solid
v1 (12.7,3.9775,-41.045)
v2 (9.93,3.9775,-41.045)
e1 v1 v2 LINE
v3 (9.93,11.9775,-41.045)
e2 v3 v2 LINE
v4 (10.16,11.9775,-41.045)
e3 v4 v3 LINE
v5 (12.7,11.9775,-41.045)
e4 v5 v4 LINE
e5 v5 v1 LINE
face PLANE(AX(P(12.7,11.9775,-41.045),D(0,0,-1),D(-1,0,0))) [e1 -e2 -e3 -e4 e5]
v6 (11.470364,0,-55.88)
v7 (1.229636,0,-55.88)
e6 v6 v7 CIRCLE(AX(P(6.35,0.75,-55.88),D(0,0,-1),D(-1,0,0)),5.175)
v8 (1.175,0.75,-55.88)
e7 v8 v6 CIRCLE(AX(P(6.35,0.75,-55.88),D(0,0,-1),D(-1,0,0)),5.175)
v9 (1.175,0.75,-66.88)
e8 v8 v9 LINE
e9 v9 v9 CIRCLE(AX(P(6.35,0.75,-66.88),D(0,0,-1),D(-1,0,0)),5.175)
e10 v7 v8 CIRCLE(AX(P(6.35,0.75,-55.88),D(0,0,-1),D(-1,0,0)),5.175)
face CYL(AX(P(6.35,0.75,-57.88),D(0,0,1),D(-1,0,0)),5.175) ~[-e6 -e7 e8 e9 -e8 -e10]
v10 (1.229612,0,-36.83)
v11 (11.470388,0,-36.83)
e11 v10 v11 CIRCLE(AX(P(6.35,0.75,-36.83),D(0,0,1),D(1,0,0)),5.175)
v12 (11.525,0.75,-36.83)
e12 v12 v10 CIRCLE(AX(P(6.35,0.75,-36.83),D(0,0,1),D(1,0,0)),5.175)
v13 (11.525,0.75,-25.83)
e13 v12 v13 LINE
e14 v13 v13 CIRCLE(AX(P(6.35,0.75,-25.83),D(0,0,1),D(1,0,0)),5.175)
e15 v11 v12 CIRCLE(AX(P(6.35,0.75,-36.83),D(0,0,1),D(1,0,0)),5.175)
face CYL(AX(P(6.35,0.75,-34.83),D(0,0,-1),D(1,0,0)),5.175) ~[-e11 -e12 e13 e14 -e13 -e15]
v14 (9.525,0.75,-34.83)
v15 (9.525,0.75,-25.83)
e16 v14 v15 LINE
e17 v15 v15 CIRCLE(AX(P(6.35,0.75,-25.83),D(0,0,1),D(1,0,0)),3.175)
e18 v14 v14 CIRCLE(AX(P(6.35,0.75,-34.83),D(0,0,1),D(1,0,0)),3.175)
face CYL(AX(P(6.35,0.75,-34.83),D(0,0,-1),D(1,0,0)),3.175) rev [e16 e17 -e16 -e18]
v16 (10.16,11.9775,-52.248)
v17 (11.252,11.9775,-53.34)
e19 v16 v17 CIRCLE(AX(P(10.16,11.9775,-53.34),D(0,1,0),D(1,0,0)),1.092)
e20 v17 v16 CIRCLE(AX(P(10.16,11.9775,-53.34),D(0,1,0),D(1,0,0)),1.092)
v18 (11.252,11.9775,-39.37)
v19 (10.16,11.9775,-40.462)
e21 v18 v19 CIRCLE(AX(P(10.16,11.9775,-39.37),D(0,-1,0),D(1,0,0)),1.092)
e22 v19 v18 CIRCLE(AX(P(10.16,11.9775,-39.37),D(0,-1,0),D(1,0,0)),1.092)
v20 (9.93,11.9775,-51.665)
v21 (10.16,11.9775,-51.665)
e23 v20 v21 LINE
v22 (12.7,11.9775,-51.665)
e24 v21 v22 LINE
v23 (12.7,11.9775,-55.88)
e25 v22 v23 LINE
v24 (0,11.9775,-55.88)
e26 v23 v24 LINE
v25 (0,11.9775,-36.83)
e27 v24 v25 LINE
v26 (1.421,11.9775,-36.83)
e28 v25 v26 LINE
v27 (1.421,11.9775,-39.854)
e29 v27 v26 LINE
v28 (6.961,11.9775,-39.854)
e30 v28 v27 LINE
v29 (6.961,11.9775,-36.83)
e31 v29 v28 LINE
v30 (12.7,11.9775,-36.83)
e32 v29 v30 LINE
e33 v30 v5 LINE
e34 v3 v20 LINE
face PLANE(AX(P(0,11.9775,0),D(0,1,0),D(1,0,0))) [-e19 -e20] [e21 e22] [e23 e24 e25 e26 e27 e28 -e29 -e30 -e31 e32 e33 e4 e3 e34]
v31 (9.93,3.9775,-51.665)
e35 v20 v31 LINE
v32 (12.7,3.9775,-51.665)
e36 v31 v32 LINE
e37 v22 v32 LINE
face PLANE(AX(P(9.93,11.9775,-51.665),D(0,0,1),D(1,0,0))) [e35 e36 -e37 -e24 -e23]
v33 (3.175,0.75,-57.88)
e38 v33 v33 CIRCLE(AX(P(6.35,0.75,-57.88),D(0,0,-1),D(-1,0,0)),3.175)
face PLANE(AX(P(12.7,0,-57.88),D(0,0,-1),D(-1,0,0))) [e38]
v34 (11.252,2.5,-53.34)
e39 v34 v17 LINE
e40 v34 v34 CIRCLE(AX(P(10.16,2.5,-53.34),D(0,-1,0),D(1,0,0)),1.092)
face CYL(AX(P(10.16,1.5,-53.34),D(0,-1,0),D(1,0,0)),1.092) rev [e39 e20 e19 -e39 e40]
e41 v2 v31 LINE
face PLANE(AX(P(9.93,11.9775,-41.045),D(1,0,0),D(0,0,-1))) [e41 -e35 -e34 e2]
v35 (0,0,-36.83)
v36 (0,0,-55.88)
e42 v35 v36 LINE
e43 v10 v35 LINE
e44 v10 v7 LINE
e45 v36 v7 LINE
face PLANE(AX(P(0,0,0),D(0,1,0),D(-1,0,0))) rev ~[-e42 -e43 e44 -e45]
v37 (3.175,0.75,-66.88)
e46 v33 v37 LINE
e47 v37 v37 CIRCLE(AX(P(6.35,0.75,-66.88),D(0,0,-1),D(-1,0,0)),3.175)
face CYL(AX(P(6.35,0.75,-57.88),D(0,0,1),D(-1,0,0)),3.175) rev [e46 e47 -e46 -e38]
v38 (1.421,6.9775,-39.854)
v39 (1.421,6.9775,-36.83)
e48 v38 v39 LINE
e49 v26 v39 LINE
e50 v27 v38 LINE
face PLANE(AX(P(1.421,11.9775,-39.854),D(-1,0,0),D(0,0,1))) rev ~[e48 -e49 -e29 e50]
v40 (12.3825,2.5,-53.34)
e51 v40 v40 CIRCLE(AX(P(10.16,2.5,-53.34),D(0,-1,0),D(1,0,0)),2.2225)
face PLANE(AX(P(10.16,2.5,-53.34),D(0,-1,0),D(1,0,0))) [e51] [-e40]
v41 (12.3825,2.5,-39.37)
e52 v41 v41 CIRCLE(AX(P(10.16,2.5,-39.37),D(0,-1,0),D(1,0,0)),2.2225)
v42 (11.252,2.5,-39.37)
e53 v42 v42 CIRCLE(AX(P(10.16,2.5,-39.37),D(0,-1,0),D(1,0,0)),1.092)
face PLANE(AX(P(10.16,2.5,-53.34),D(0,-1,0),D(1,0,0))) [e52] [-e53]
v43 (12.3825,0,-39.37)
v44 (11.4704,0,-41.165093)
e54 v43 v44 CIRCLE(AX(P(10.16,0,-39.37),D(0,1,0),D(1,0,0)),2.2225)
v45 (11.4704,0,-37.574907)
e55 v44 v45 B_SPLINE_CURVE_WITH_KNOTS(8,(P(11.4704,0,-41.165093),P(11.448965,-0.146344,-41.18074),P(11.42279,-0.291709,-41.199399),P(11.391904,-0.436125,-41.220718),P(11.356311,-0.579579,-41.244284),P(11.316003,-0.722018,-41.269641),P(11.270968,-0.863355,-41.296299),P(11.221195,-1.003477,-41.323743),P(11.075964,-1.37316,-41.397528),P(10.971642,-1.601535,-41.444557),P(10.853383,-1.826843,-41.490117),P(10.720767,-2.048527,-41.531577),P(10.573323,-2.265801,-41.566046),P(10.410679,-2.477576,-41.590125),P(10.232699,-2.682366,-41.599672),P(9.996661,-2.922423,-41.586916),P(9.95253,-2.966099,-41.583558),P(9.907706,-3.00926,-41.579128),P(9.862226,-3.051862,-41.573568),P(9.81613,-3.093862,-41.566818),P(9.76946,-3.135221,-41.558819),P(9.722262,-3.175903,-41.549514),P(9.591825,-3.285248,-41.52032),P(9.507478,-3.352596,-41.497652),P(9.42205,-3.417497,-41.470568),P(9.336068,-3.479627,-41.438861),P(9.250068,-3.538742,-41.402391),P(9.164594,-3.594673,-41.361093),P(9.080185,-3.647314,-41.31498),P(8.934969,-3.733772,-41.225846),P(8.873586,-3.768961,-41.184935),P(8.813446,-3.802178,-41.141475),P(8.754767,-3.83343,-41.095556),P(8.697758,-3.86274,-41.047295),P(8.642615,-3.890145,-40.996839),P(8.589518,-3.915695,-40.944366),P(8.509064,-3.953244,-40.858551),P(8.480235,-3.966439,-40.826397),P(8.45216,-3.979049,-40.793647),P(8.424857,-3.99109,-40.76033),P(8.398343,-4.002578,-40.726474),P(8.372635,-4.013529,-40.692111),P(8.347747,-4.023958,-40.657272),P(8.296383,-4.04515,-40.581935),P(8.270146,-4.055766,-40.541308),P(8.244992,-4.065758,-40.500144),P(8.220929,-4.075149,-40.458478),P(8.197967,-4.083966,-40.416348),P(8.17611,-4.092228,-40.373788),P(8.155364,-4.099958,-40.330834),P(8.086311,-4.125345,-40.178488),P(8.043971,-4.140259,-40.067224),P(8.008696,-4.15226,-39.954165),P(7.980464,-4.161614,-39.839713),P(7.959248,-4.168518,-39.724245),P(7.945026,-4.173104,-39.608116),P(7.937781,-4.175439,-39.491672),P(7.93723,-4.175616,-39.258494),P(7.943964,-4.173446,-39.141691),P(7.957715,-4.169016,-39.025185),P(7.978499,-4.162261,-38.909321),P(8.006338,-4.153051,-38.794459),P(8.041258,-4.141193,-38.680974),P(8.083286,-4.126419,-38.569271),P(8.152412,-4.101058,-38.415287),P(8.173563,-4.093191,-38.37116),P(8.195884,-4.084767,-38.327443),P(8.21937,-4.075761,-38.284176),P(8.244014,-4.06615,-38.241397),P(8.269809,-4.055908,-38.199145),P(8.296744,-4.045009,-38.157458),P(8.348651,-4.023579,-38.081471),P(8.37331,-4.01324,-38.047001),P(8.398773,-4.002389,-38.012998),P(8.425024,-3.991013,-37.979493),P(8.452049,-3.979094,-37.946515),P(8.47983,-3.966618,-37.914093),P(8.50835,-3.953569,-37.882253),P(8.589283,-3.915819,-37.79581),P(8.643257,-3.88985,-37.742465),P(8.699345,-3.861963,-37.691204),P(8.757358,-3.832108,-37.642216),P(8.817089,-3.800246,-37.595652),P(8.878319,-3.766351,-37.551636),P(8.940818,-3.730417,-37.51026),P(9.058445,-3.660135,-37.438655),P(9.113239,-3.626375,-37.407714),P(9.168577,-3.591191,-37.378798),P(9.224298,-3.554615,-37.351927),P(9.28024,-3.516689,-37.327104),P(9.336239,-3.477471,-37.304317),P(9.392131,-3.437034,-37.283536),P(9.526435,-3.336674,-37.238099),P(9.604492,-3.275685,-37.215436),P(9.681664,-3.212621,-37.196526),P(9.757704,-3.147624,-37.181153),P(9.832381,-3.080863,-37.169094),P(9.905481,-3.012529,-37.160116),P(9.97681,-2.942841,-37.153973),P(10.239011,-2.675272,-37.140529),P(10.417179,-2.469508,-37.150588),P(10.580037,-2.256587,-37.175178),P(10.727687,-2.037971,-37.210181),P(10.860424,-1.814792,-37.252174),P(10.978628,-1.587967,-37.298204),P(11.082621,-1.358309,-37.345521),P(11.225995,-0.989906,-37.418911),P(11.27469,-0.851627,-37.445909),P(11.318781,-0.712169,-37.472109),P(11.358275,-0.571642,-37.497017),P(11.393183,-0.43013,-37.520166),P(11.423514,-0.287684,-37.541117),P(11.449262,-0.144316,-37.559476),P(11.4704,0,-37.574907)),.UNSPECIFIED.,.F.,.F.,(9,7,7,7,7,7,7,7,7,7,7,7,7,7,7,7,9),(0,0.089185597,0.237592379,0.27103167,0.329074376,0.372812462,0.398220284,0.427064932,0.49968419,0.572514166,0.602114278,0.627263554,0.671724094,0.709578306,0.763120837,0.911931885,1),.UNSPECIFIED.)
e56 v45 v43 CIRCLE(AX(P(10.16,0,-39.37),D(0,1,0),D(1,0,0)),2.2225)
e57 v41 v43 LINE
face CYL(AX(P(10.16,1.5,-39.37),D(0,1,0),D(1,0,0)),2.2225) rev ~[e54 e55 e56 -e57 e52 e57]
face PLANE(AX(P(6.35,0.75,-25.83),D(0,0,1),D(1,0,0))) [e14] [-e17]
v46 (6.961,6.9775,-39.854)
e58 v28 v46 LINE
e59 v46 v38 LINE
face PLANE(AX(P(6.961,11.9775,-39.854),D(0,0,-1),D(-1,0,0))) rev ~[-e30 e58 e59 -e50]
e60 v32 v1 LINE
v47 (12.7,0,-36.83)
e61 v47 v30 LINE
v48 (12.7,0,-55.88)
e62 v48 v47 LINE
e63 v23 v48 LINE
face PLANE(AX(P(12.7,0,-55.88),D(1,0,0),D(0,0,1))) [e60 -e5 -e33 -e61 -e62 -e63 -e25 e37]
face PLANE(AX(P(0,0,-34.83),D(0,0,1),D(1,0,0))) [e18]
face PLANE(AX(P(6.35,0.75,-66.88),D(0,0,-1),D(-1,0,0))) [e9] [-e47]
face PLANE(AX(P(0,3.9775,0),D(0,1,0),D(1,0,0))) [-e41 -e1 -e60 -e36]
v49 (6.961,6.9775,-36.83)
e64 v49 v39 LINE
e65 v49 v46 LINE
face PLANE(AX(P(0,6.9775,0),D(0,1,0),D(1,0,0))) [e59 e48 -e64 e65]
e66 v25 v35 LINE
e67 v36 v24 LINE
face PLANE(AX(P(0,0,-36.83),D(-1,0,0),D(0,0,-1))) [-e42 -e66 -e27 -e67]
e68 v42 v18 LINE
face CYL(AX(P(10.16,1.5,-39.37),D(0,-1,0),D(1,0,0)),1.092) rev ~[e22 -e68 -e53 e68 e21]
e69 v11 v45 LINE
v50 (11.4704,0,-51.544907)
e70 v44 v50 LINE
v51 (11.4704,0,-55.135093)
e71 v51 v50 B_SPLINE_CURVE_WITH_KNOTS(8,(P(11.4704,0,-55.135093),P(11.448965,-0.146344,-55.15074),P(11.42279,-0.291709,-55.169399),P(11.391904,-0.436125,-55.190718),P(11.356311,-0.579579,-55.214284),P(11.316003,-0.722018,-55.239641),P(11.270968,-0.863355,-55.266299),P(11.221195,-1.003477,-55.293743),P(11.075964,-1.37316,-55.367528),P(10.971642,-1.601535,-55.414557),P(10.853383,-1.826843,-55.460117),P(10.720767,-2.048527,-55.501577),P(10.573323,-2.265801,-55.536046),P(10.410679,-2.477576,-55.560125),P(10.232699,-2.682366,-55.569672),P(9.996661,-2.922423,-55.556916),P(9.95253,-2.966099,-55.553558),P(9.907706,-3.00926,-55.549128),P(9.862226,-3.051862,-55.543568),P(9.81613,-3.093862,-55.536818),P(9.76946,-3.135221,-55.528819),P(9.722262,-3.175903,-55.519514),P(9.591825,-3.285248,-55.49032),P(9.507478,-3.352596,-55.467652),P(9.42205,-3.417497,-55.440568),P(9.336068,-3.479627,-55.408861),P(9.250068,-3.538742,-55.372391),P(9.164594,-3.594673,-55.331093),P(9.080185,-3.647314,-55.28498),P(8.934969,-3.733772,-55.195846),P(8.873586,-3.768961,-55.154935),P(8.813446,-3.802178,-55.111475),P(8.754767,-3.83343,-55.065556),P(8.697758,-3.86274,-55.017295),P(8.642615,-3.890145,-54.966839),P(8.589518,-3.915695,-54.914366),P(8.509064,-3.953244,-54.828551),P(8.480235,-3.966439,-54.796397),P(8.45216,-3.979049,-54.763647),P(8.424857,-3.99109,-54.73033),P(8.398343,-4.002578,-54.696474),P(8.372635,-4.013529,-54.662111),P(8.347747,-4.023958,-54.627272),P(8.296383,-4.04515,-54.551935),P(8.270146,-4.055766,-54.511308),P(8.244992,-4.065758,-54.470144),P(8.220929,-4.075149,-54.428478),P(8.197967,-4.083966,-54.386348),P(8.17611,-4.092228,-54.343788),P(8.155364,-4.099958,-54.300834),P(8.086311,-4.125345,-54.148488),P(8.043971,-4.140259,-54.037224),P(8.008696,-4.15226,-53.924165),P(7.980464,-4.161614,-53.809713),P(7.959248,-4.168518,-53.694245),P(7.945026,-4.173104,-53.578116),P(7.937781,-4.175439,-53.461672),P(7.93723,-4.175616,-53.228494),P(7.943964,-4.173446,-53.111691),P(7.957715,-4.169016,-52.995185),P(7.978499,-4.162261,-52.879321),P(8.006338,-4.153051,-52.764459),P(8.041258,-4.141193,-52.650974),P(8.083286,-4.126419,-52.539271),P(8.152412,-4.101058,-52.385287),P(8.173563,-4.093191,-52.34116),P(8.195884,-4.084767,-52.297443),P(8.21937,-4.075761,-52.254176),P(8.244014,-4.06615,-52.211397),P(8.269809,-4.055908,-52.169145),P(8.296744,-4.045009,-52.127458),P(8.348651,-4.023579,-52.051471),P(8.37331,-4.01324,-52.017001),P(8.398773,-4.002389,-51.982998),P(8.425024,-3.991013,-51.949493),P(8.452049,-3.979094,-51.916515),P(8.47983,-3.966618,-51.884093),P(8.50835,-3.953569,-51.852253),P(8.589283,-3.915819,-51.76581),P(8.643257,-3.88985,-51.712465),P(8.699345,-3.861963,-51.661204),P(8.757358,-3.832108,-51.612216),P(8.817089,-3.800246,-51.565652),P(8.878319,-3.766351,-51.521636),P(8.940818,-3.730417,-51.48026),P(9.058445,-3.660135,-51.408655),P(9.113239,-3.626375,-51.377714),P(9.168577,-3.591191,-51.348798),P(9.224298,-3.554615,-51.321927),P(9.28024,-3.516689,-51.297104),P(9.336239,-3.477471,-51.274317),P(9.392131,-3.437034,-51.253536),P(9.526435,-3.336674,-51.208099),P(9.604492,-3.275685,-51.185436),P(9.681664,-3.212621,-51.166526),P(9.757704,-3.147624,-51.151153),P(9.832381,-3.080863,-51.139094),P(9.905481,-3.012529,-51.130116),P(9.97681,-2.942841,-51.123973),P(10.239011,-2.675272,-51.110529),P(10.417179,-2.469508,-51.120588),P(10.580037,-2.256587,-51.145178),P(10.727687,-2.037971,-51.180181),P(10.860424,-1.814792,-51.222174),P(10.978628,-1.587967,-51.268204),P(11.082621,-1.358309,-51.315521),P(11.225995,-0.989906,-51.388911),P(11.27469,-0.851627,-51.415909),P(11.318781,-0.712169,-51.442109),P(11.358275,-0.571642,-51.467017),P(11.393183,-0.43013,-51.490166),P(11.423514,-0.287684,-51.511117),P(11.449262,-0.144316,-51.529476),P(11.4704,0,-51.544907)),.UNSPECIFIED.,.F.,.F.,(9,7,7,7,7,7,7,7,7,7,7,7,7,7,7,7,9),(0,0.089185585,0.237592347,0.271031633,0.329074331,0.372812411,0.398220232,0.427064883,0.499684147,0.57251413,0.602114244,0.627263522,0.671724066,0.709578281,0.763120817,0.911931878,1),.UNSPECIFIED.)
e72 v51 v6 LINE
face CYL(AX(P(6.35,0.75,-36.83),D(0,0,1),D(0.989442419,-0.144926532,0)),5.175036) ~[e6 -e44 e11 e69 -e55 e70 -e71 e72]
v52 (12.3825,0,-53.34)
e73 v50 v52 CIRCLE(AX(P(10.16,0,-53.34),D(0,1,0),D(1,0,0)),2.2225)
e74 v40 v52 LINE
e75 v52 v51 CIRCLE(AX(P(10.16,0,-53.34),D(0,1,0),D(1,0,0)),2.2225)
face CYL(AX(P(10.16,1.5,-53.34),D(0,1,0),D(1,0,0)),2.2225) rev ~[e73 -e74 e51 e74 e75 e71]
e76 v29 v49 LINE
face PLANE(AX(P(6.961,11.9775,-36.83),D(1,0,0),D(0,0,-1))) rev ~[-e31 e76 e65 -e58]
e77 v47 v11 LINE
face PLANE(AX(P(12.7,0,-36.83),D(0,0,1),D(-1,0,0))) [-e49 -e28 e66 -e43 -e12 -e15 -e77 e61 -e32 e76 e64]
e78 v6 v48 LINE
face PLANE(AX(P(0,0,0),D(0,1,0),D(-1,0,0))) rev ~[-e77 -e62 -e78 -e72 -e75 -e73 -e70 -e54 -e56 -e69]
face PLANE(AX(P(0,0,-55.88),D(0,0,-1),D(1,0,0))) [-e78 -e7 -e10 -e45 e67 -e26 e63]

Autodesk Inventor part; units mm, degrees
ref_plane "YZ Plane" through (0, 0, 0) normal (1, 0, 0) x (0, 1, 0)
ref_plane "XZ Plane" through (0, 0, 0) normal (0, 1, 0) x (-1, 0, 0)
ref_plane "XY Plane" through (0, 0, 0) normal (0, 0, 1) x (1, 0, 0)
sketch "Sketch1" plane through (0, 0, 0) normal (0, 1, 0) x (-1, 0, 0)
  line L0 (0, -55.88) -> (-12.7, -55.88)
  line L1 (-12.7, -36.83) -> (0, -36.83)
  line L2 (0, -36.83) -> (0, -55.88)
  line L3 (-12.7, -55.88) -> (-12.7, -36.83)
  dimension "d1" = 19.05
  dimension "d2" = 12.7
extrude "Extrusion1" add sketch "Sketch1" along normal blind 1.5
sketch "Sketch2" plane through (0, 1.5, 0) normal (0, 1, 0) x (1, 0, 0)
  line L0 (12.7, 36.83) -> (12.7, 55.88) projected
  line L1 (12.7, 0) -> (10.16, 0)
  circle A0 centre (10.16, 39.37) radius 1.092
  circle A1 centre (10.16, 53.34) radius 1.092
  line L2 (10.16, 53.34) -> (10.16, 39.37)
  point P0 (0, 0)
  dimension "d8" = 2.184
  dimension "d10" = 2.184
  dimension "d71" = 13.97
extrude "Extrusion2" cut sketch "Sketch2" against normal blind 1.5
sketch "Sketch5" plane through (0, 0, -36.83) normal (0, 0, 1) x (1, 0, 0)
  line L0 (12.7, 0) -> (0, 0) projected
  line L1 (6.35, 0) -> (6.35, 1.5)
  line L2 (12.7, 1.5) -> (0, 1.5) projected
  line L3 (0, 0) -> (0, 1.5) projected
  line L4 (0, 0.75) -> (12.7, 0.75)
  line L5 (12.7, 0) -> (12.7, 1.5) projected
  circle A0 centre (6.35, 0.75) radius 5.175
  dimension "d30" = 10.35
extrude "Extrusion5" add sketch "Sketch5" along normal blind 2 contours A0 L0 | L0 L1 L4 A0 | L0 A0 L4 L1 | L4 L1 L2 A0 | L4 A0 L2 L1 | L2 A0
sketch "Sketch6" plane through (6.35, 0.75, -34.83) normal (0, 0, 1) x (1, 0, 0)
  circle A0 centre (0, 0) radius 5.175
  circle A1 centre (0, 0) radius 3.175
  point P0 (-6.35, -0.75)
  dimension "d35" = 6.35
extrude "Extrusion6" add sketch "Sketch6" along normal blind 9
sketch "Sketch7" plane through (12.7, 0, -55.88) normal (0, 0, -1) x (-1, 0, 0)
  line L0 (0, 0) -> (0, 1.5) projected
  line L1 (0, 0.75) -> (12.7, 0.75)
  line L2 (12.7, 0) -> (12.7, 1.5) projected
  line L3 (11.4704, 1.5) -> (1.2296, 1.5) projected
  line L4 (6.35, 1.5) -> (6.35, 0)
  circle A0 centre (6.35, 0.75) radius 5.175
extrude "Extrusion7" add sketch "Sketch7" along normal blind 2
sketch "Sketch8" plane through (6.35, 0.75, -57.88) normal (0, 0, -1) x (-1, 0, 0)
  circle A0 centre (0, 0) radius 5.175
  circle A1 centre (0, 0) radius 3.175
  point P0 (6.35, -0.75)
  dimension "d40" = 6.35
extrude "Extrusion8" add sketch "Sketch8" along normal blind 9
thread "Thread1" size "1/4-20 UNC" class "2B" standard "ANSI Unified Screw Threads" full length
thread "Thread2" size "1/4-20 UNC" class "2B" standard "ANSI Unified Screw Threads" full length
sketch "Sketch9" plane through (0, 0, -36.83) normal (0, 0, -1) x (-1, 0, 0)
  arc A0 (-11.4704, 0) -> (-1.2296, 0) centre (-6.35, 0.75) ccw projected
  line L0 (0, 0) -> (-1.2296, 0) projected
  line L1 (-11.4704, 0) -> (-1.2296, 0)
  circle A1 centre (-6.35, 0.75) radius 5.175
extrude "Extrusion9" add sketch "Sketch9" along normal up to next contours L1 A0
sketch "Sketch10" plane through (10.16, 0, -39.37) normal (0, 1, 0) x (1, 0, 0)
  circle A0 centre (0, 0) radius 1.092
  circle A1 centre (0, 13.97) radius 1.092 projected
  circle A2 centre (0, 13.97) radius 1.092
  point P0 (-10.16, -39.37)
  dimension "d60" = 2.184
extrude "Extrusion10" cut sketch "Sketch10" against normal up to next
sketch "Sketch12" plane through (0, 1.5, 0) normal (0, 1, 0) x (1, 0, 0)
  circle A0 centre (10.16, 39.37) radius 1.092 projected
  circle A1 centre (10.16, 39.37) radius 1.092
  circle A2 centre (10.16, 39.37) radius 2.2225
  circle A3 centre (10.16, 53.34) radius 1.092 projected
  circle A4 centre (10.16, 53.34) radius 1.092
  circle A5 centre (10.16, 53.34) radius 2.2225
  point P0 (0, 0)
  dimension "d54" = 4.445
  dimension "d55" = 4.445
extrude "Extrusion11" cut sketch "Sketch12" against normal blind 5.925
sketch "Sketch13" plane through (0, 1.5, 0) normal (0, 1, 0) x (1, 0, 0)
  line L0 (12.7, 36.83) -> (12.7, 55.88) projected
  line L1 (12.7, 55.88) -> (0, 55.88)
  line L2 (0, 55.88) -> (0, 36.83)
  line L3 (12.7, 36.83) -> (12.7, 55.88)
  circle A0 centre (10.16, 53.34) radius 1.092 projected
  circle A1 centre (10.16, 53.34) radius 1.092
  line L4 (10.16, 53.34) -> (10.16, 39.37)
  circle A2 centre (10.16, 39.37) radius 1.092
  line L5 (0, 36.83) -> (12.7, 36.83)
  point P0 (0, 0)
  point P1 (12.7, 0)
  dimension "d72" = 13.97
  dimension "d73" = 2.184
extrude "Extrusion12" add sketch "Sketch13" along normal blind 10.4775 contours L5 L2 L1 L0 | A2
thread "Thread6" size "2-56 UNC" class "2B" standard "ANSI Unified Screw Threads" full length
sketch "Sketch14" plane through (10.16, 1.5, -53.34) normal (0, -1, 0) x (1, 0, 0)
  circle A0 centre (0, 0) radius 1.092 projected
  circle A1 centre (0, 0) radius 2.2225
  circle A2 centre (0, 13.97) radius 2.2225 projected
  circle A3 centre (0, 13.97) radius 2.2225
  circle A4 centre (0, 0) radius 1.092
  circle A5 centre (0, 13.97) radius 1.092
  point P0 (-10.16, 53.34)
extrude "Extrusion13" cut sketch "Sketch14" against normal blind 1
sketch "Sketch15" plane through (10.16, 1.5, -39.37) normal (0, -1, 0) x (1, 0, 0)
  circle A0 centre (0, 0) radius 1.092
  point P0 (-10.16, 39.37)
extrude "Extrusion14" cut sketch "Sketch15" against normal through all
thread "Thread7" size "2-56 UNC" class "2B" standard "ANSI Unified Screw Threads" full length
sketch "Sketch16" plane through (0, 11.9775, 0) normal (0, 1, 0) x (1, 0, 0)
  line L0 (11.525, 36.83) -> (1.175, 36.83) projected
  line L1 (3.175, 34.83) -> (9.525, 34.83) projected
  line L2 (1.921, 36.83) -> (6.461, 36.83)
  line L3 (6.461, 36.83) -> (6.961, 36.83)
  line L4 (6.961, 36.83) -> (6.961, 39.854)
  line L5 (6.961, 39.854) -> (1.421, 39.854)
  line L6 (1.421, 39.854) -> (1.421, 36.83)
  line L7 (1.421, 36.83) -> (1.921, 36.83)
  point P0 (0, 0)
  point P1 (0, 36.83)
  point P2 (1.2296, 36.83)
  point P3 (11.4704, 36.83)
  dimension "d114" = 0.5
  dimension "d115" = 3.024
  dimension "d116" = 5.54
extrude "Extrusion15" cut sketch "Sketch16" against normal blind 5
sketch "Sketch17" plane through (0, 11.9775, 0) normal (0, 1, 0) x (1, 0, 0)
  line L0 (12.7, 36.83) -> (12.7, 55.88) projected
  line L1 (12.7, 55.88) -> (0, 55.88) projected
  line L2 (0, 36.83) -> (12.7, 36.83) projected
  line L3 (0, 36.83) -> (12.7, 36.83)
  line L4 (12.7, 36.83) -> (12.7, 55.88)
  line L5 (12.7, 55.88) -> (0, 55.88)
  line L6 (0, 55.88) -> (0, 36.83)
  line L7 (11.4704, 41.1651) -> (11.4704, 51.5449) projected
  line L8 (11.43, 42.545) -> (12.43, 42.545) construction
  line L9 (11.43, 50.165) -> (12.43, 50.165) construction
  line L10 (12.7, 41.545) -> (12.7, 51.165)
  line L11 (12.7, 41.545) -> (12.7, 41.045)
  line L12 (12.7, 41.045) -> (9.93, 41.045)
  line L13 (9.93, 41.045) -> (9.93, 51.665)
  line L14 (9.93, 51.665) -> (12.7, 51.665)
  line L15 (12.7, 51.165) -> (12.7, 51.665)
  point P0 (0, 0)
  dimension "d110" = 2.77
  dimension "d111" = 10.62
  dimension "d112" = 90
extrude "Extrusion16" cut sketch "Sketch17" against normal blind 8 contours L12 L13 L14 L0
properties part number "Line Sensor 6 Bracket"
